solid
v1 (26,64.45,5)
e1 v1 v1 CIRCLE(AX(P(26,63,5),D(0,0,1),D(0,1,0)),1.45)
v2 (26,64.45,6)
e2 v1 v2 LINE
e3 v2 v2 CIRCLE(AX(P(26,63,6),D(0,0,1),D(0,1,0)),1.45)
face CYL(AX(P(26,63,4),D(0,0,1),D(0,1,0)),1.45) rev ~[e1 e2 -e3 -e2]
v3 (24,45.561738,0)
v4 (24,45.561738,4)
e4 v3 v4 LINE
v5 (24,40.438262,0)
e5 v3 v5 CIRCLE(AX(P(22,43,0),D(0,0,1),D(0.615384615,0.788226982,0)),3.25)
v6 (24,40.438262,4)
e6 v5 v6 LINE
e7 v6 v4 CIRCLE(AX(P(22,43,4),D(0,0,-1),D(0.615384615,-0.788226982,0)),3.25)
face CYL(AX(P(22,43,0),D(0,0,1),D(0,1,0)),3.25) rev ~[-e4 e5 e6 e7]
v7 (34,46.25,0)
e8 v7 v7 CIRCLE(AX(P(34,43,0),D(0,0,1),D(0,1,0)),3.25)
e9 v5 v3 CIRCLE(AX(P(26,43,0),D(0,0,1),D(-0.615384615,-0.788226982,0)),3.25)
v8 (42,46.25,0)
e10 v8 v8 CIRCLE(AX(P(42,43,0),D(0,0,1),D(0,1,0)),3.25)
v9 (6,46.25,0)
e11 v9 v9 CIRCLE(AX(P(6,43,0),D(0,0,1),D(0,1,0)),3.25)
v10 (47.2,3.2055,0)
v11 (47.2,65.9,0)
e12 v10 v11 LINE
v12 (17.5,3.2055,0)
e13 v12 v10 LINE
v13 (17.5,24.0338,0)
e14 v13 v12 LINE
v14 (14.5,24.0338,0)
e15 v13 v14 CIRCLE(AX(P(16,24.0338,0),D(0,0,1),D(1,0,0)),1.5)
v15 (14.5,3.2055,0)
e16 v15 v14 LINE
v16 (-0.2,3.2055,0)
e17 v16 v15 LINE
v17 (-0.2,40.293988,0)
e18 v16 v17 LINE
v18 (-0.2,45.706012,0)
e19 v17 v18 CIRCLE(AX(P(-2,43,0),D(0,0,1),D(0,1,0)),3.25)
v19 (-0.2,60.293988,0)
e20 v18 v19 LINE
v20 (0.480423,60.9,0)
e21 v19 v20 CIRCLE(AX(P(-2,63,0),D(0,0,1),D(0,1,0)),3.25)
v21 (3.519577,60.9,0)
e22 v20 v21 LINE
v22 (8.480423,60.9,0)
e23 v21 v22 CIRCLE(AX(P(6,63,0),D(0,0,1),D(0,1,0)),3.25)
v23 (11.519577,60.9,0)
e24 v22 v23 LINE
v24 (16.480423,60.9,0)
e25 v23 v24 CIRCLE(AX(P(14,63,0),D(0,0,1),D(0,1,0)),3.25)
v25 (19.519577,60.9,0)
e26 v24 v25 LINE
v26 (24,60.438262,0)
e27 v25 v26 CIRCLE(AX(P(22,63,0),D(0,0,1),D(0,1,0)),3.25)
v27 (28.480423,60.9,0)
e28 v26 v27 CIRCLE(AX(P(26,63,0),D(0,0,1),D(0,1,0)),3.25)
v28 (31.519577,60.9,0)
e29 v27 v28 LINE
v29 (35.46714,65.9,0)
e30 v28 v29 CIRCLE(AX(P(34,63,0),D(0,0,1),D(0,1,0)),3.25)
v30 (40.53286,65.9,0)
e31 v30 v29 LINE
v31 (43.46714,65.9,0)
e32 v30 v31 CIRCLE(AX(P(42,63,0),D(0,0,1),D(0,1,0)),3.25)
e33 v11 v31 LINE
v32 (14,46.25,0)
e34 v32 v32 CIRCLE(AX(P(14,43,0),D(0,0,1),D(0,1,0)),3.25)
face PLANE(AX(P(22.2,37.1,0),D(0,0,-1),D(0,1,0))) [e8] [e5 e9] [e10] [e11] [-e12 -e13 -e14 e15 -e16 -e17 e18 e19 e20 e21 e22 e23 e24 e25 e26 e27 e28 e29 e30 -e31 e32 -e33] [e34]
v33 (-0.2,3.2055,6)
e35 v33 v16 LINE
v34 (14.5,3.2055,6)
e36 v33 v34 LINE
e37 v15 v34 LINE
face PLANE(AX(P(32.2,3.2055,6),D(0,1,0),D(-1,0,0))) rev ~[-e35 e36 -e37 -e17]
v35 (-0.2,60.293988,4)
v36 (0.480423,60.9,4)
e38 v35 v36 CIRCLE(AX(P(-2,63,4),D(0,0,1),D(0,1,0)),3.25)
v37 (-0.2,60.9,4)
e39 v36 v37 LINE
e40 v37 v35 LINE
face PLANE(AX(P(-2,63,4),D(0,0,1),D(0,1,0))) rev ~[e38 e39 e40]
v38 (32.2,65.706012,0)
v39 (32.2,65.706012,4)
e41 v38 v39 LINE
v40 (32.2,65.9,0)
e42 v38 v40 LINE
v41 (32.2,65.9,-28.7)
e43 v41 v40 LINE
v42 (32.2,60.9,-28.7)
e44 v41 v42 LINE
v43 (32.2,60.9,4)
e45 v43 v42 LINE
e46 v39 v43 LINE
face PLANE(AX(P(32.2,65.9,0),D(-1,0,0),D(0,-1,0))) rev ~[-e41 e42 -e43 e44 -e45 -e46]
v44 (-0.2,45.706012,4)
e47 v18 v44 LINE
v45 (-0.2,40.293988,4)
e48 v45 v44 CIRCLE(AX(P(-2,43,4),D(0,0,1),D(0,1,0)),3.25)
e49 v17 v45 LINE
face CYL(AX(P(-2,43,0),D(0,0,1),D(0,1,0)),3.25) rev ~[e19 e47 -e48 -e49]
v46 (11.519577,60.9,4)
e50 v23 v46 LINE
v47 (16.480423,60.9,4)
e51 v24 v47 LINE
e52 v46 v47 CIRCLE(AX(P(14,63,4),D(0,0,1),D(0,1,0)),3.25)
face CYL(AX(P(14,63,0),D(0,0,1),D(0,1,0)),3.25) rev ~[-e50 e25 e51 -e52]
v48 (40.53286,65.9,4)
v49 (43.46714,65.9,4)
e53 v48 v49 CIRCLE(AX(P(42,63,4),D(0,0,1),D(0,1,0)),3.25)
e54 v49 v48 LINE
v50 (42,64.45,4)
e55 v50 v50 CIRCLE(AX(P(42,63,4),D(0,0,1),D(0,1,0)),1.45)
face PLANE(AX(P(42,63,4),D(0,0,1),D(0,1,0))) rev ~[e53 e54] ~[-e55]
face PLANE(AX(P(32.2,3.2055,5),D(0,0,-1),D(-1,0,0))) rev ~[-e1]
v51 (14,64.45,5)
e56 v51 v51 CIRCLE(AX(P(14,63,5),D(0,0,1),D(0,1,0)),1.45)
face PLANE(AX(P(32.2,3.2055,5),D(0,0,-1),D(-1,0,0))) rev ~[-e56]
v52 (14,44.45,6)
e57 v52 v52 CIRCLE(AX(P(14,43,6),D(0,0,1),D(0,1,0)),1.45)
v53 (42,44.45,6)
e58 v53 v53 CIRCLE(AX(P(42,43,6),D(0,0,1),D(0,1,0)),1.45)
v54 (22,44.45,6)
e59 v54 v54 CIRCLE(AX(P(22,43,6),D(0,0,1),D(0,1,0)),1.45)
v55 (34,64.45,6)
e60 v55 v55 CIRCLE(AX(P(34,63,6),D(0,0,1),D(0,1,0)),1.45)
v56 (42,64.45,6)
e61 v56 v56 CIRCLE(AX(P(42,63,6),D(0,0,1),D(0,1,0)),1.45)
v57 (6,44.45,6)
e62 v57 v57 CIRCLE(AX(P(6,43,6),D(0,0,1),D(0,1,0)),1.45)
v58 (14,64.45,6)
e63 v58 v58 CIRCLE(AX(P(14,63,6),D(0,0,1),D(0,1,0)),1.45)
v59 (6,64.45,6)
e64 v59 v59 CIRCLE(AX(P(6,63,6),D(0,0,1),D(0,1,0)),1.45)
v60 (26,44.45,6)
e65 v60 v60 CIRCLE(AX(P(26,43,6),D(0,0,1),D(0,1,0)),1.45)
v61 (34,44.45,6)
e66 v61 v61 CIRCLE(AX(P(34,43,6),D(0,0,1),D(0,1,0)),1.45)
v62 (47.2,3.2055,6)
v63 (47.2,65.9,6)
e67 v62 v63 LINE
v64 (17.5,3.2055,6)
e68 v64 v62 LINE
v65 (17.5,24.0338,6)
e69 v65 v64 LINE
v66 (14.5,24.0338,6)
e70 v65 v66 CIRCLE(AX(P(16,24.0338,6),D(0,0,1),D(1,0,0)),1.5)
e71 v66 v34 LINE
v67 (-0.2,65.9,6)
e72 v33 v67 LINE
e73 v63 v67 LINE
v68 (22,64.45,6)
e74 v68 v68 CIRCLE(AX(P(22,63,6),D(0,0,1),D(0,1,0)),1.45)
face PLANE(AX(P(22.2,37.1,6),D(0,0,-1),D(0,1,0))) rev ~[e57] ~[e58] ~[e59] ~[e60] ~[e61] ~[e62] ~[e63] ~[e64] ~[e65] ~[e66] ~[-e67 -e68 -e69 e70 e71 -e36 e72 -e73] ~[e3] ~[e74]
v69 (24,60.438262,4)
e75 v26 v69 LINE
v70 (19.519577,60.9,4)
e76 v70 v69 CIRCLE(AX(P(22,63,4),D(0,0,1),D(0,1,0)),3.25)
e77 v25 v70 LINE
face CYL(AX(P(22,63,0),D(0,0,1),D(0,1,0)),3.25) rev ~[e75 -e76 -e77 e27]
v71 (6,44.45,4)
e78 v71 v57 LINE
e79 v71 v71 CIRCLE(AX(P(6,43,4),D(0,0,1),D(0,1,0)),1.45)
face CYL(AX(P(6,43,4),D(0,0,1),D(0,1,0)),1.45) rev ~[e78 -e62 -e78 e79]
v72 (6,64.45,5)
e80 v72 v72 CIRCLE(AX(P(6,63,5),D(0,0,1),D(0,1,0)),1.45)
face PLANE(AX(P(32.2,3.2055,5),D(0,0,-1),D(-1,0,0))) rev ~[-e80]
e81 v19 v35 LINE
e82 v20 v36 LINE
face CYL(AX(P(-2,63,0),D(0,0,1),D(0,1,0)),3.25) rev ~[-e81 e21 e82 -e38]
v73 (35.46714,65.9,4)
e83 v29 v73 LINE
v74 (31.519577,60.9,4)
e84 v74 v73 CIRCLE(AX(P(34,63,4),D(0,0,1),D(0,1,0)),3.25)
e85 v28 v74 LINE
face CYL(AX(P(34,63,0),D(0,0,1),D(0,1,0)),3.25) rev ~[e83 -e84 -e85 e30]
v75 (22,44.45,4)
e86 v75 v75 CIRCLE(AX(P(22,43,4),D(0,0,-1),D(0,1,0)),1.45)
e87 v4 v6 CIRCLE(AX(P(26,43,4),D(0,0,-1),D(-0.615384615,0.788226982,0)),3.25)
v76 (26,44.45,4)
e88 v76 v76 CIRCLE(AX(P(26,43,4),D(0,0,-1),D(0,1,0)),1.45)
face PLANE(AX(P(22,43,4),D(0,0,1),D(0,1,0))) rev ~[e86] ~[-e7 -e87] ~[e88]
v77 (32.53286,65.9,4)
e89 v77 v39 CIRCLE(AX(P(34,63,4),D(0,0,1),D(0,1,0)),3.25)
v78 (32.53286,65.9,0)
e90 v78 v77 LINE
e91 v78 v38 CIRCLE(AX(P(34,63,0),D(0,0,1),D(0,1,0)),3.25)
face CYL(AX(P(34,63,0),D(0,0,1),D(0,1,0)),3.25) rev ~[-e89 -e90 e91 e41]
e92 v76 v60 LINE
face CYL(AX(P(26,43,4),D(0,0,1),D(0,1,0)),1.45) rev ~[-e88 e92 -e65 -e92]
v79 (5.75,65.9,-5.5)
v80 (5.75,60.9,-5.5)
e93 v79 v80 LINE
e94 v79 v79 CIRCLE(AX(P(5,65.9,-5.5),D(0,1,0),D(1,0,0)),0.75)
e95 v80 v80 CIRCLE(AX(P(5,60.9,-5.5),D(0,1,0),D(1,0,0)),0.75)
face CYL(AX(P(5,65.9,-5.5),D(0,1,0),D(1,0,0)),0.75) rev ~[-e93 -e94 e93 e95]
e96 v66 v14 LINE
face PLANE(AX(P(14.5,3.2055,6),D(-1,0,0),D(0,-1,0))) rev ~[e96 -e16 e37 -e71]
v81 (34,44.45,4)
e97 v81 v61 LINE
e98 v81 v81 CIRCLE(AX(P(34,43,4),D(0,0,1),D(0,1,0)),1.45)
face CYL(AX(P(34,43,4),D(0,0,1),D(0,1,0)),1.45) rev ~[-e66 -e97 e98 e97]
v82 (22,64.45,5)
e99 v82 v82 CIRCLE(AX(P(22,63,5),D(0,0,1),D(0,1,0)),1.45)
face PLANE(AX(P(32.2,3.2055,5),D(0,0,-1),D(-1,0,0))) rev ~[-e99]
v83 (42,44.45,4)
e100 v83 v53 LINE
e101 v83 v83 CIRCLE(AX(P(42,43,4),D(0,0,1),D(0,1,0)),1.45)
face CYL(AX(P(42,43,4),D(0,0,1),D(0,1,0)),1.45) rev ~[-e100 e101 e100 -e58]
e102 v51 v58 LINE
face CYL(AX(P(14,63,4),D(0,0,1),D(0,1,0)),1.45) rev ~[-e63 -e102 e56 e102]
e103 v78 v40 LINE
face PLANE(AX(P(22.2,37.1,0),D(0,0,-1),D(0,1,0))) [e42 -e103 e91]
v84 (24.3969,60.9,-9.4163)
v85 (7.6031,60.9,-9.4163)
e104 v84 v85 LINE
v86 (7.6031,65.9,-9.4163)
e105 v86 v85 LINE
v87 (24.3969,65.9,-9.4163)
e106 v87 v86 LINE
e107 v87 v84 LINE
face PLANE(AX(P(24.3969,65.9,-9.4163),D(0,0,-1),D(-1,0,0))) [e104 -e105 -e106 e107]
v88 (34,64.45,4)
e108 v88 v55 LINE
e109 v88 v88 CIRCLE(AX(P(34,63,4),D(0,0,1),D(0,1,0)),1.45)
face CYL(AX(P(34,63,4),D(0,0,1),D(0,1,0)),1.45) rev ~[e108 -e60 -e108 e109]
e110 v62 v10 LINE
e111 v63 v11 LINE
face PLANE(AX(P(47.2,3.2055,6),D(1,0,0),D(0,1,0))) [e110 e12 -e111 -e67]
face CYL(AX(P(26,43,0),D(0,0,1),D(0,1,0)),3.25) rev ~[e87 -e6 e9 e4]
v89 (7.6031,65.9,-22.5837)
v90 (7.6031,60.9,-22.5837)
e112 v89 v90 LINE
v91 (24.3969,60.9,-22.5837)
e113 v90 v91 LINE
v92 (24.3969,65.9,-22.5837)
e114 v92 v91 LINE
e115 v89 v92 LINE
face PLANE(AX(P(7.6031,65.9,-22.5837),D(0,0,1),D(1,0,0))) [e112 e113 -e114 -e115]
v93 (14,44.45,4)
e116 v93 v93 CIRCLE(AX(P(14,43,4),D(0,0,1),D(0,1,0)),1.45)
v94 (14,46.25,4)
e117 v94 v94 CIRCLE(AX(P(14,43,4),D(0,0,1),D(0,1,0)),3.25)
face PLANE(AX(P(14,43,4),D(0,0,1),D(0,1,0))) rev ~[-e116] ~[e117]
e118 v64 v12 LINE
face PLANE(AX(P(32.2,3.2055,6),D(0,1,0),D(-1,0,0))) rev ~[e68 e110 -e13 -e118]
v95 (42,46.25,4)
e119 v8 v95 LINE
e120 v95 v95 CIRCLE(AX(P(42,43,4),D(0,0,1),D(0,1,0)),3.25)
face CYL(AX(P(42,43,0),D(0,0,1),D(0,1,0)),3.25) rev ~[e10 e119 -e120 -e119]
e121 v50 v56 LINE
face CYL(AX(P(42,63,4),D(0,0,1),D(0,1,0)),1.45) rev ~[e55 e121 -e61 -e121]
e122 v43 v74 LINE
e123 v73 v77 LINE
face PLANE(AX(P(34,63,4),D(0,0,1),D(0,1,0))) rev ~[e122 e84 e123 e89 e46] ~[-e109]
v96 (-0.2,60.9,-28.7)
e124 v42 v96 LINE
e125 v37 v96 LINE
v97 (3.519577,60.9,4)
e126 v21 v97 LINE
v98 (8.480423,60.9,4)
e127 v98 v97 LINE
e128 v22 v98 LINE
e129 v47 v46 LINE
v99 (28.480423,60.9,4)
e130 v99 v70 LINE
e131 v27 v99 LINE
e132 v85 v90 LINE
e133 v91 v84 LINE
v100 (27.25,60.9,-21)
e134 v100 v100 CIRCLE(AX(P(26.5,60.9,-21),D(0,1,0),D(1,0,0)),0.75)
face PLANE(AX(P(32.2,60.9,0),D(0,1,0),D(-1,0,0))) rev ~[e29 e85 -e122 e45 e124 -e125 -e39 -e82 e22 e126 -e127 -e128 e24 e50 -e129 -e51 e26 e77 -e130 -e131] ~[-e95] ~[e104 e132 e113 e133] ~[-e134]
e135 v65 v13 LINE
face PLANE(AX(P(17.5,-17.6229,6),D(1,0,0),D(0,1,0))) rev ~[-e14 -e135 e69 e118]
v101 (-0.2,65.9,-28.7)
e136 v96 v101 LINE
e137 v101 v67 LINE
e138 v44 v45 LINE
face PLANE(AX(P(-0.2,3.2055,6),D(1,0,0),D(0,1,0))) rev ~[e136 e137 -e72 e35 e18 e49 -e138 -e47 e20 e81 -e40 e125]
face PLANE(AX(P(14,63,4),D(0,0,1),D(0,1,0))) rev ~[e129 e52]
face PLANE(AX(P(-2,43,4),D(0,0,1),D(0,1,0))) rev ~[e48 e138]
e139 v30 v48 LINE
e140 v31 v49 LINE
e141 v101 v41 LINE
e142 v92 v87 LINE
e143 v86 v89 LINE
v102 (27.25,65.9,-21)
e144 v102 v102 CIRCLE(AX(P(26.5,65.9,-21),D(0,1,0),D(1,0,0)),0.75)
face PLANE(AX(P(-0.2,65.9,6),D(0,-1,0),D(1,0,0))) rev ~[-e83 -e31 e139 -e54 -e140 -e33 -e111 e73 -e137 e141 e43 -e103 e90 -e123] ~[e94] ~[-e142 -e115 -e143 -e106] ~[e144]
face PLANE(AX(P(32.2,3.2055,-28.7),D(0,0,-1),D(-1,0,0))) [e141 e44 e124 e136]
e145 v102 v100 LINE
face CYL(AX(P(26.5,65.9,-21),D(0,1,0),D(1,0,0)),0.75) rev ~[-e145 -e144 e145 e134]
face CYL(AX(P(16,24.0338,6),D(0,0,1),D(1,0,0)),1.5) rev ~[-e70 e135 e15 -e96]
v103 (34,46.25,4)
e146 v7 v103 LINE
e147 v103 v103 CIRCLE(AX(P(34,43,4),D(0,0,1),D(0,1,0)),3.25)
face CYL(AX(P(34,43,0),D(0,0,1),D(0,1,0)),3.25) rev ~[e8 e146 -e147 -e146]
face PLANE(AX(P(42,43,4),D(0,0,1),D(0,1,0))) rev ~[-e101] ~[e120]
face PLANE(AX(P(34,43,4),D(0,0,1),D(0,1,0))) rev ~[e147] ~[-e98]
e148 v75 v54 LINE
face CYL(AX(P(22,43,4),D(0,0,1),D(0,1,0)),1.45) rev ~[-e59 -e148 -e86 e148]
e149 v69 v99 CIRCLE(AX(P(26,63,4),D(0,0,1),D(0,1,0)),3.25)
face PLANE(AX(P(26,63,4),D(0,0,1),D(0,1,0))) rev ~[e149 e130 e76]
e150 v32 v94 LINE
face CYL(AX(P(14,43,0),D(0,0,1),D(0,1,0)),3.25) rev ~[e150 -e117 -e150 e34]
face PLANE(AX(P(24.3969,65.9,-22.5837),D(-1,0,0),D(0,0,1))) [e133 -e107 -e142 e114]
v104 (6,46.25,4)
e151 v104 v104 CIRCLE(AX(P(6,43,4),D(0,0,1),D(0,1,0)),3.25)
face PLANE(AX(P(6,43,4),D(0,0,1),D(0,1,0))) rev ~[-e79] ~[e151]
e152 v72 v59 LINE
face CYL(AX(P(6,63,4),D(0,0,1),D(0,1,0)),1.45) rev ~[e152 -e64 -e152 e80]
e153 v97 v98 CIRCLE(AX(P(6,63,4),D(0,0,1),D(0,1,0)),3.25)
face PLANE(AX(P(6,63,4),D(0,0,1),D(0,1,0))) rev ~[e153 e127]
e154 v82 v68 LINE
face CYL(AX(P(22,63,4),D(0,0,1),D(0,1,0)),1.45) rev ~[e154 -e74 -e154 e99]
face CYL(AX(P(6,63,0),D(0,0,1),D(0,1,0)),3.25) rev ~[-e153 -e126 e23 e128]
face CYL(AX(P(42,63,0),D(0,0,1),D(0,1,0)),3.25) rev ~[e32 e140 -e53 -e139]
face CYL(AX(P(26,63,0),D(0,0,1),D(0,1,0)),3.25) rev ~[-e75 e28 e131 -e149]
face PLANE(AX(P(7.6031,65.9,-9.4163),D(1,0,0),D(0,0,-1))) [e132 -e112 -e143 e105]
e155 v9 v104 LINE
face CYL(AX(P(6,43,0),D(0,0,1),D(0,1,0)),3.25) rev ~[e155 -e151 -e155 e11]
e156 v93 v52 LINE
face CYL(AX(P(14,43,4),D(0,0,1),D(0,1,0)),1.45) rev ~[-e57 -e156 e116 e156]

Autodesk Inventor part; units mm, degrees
ref_plane "YZ Plane" through (0, 0, 0) normal (1, 0, 0) x (0, 1, 0)
ref_plane "XZ Plane" through (0, 0, 0) normal (0, 1, 0) x (-1, 0, 0)
ref_plane "Work Plane1" through (22.2, 37.1, 6) normal (0, 0, -1) x (0, 1, 0)
ref_plane "Work Plane2" through (0, 0, 0) normal (0, 0, 1) x (1, 0, 0)
sketch "Sketch1" plane through (22.2, 37.1, 6) normal (0, 0, -1) x (0, 1, 0)
  circle A0 centre (25.9, 3.8) radius 1.75
  circle A1 centre (25.9, -16.2) radius 1.75
  circle A2 centre (5.9, 3.8) radius 1.75
  circle A3 centre (5.9, -16.2) radius 1.5
  line L0 (3, -22.4) -> (9.5, -22.4) construction
  line L1 (9.5, 10) -> (9.5, -22.4) construction
  line L2 (3, 10) -> (9.5, 10) construction
  line L3 (3, 10) -> (3, -22.4) construction
  circle A4 centre (5.9, 3.8) radius 1.75 construction
  circle A5 centre (5.9, -16.2) radius 1.75 construction
  line L4 (28.8, -22.4) -> (21.9, -22.4) construction
  line L5 (21.9, 10) -> (21.9, -22.4) construction
  line L6 (28.8, 10) -> (21.9, 10) construction
  line L7 (28.8, 10) -> (28.8, -22.4) construction
  line L8 (19.9, 3.8) -> (19.9, -14.6723) construction
  line L9 (28.8, 10) -> (-33.8945, 10)
  line L10 (-33.8945, 10) -> (-33.8945, -22.4)
  line L11 (-33.8945, -22.4) -> (28.8, -22.4)
  line L12 (28.8, -22.4) -> (28.8, 10)
  line L13 (-33.8945, -22.4) -> (28.8, -22.4)
  line L14 (28.8, -22.4) -> (28.8, -37.4)
  line L15 (28.8, -37.4) -> (-33.8945, -37.4)
  line L16 (-33.8945, -37.4) -> (-33.8945, -22.4)
  line L17 (28.8, 10) -> (-33.8945, 10)
  line L18 (-33.8945, 10) -> (-33.8945, 25)
  line L19 (-33.8945, 25) -> (28.8, 25)
  line L20 (28.8, 25) -> (28.8, 10)
  line L21 (28.8, 25) -> (-33.8945, 10)
  point P0 (-37.1, -22.2)
  point P1 (28.8, -22.4)
extrude "Extrusion1" add sketch "Sketch1" along normal up to surface (6 mm away) contours A0 | A1 | A2 | A3 | L12 L11 L10 L9 | L9 L21 L20 | L18 L19 L21
sketch "Sketch2" plane through (22.2, 37.1, 6) normal (0, 0, 1) x (1, 0, 0)
  line L0 (10, 28.8) -> (10, -33.8945) projected
  circle A0 centre (-6.2, -29.1) radius 1.4 projected
  line L1 (-6.2, -54.7229) -> (-6.2, -13.0662) construction
  line L2 (10, -33.8945) -> (-22.4, -33.8945) projected
  line L3 (-4.7, -54.7229) -> (-4.7, -13.0662)
  line L4 (-7.7, -13.0662) -> (-7.7, -54.7229)
  arc A1 (-7.7, -54.7229) -> (-4.7, -54.7229) centre (-6.2, -54.7229) ccw
  arc A2 (-4.7, -13.0662) -> (-7.7, -13.0662) centre (-6.2, -13.0662) ccw
  line L5 (10, -33.8945) -> (-37.4, -33.8945) projected
  line L6 (-37.4, 28.8) -> (10, 28.8) projected
  line L7 (-37.4, -33.8945) -> (-37.4, 28.8) projected
  point P0 (-22.2, -37.1)
  point P1 (-6.2, -33.8945)
  dimension "d2" = 3
extrude "Extrusion2" cut sketch "Sketch2" against normal blind 10 contours L3 A1 L4 L2 | L2 L4 A2 L3 | A0
sketch "Sketch3" plane through (32.2, 65.9, 0) normal (0, 0, -1) x (-1, 0, 0)
  circle A0 centre (6.2, -22.9) radius 1.25 projected
  circle A1 centre (26.2, -22.9) radius 1.25 projected
  circle A2 centre (26.2, -2.9) radius 1.25 projected
  circle A3 centre (6.2, -2.9) radius 1.25 projected
  line L0 (47.4, 0) -> (0, 0) projected
  point P0 (32.2, -65.9)
  point P1 (14.2, -22.9)
  point P2 (34.2, -22.9)
  point P3 (34.2, -2.9)
  point P4 (14.2, -2.9)
  point P5 (22.2, -22.9)
  point P6 (42.2, -22.9)
  point P7 (42.2, -2.9)
  point P8 (22.2, -2.9)
  dimension "d22" = 8
hole "Hole1" at (6, 63, 0) at (26, 63, 0) at (26, 43, 0) at (6, 43, 0) at (-10, 43, 0) at (-2, 43, 0) at (-2, 63, 0) at (-10, 63, 0) direction (0, 0, 1) diameter 2.9 end through all counterbore diameter 6.5 counterbore depth 4
ref_plane "Work Plane3" through (0.2759, 57, -15.7452) normal (0, -1, 0) x (-0.9087, 0, 0.4175)
sketch "Sketch4" plane through (32.2, 3.2055, 0) normal (0, 0, -1) x (-1, 0, 0)
  line L0 (41.88, 53.7945) -> (-24.48, 53.7945) projected
  line L1 (32.4, 0) -> (32.4, 37.0885) projected
  line L2 (0, 62.6945) -> (0, 0) projected
  line L3 (32.4, 53.7945) -> (0, 53.7945)
  line L4 (0, 53.7945) -> (0, 49.2945)
  line L5 (0, 49.2945) -> (32.4, 49.2945)
  line L6 (32.4, 49.2945) -> (32.4, 53.7945)
  line L7 (32.4, 62.6945) -> (-15, 62.6945) projected
  line L8 (32.4, 62.6945) -> (0, 62.6945)
  line L9 (0, 62.6945) -> (0, 57.6945)
  line L10 (0, 57.6945) -> (32.4, 57.6945)
  line L11 (32.4, 57.6945) -> (32.4, 62.6945)
  point P0 (32.2, -3.2055)
  point P1 (26.2, 47.7945)
  point P2 (32.4, 49.2945)
  point P3 (0, 53.7945)
  point P4 (0, 53.7945)
  dimension "d12" = 4.5
  dimension "d31" = 5
pattern_linear "Rechteckige Anordnung1" count 3 spacing 8 along (1, 0, 0) of "Hole1"
extrude "Extrusion3" add sketch "Sketch4" along normal blind 28.7 and the other way blind 5 contours L2 L7 L11 L10
sketch "Sketch5" plane through (-0.2, 65.9, 0) normal (0, 1, 0) x (1, 0, 0)
  circle A0 centre (-1.3, 26) radius 1 projected
  circle A1 centre (26.7, 21) radius 1 construction
  circle A2 centre (5.2, 5.5) radius 1 construction
  circle A3 centre (16.2, 16) radius 2.6486 projected
  line L0 (24.5969, 9.4163) -> (7.8031, 9.4163)
  line L1 (7.8031, 9.4163) -> (7.8031, 22.5837)
  line L2 (7.8031, 22.5837) -> (24.5969, 22.5837)
  line L3 (24.5969, 22.5837) -> (24.5969, 9.4163)
  line L4 (24.5969, 9.4163) -> (7.8031, 22.5837) construction
  line L5 (7.8031, 9.4163) -> (24.5969, 22.5837) construction
  circle A4 centre (26.7, 21) radius 0.75
  circle A5 centre (5.2, 5.5) radius 0.75
  point P0 (0.2, 0)
  dimension "d15" = 1.5
  dimension "d16" = 1.5
extrude "Extrusion4" cut sketch "Sketch5" against normal blind 10 contours A3 | L0 L1 L2 L3 | A4 | A5
properties part number "30_cellSTORM_UC2_Laser_holder"
